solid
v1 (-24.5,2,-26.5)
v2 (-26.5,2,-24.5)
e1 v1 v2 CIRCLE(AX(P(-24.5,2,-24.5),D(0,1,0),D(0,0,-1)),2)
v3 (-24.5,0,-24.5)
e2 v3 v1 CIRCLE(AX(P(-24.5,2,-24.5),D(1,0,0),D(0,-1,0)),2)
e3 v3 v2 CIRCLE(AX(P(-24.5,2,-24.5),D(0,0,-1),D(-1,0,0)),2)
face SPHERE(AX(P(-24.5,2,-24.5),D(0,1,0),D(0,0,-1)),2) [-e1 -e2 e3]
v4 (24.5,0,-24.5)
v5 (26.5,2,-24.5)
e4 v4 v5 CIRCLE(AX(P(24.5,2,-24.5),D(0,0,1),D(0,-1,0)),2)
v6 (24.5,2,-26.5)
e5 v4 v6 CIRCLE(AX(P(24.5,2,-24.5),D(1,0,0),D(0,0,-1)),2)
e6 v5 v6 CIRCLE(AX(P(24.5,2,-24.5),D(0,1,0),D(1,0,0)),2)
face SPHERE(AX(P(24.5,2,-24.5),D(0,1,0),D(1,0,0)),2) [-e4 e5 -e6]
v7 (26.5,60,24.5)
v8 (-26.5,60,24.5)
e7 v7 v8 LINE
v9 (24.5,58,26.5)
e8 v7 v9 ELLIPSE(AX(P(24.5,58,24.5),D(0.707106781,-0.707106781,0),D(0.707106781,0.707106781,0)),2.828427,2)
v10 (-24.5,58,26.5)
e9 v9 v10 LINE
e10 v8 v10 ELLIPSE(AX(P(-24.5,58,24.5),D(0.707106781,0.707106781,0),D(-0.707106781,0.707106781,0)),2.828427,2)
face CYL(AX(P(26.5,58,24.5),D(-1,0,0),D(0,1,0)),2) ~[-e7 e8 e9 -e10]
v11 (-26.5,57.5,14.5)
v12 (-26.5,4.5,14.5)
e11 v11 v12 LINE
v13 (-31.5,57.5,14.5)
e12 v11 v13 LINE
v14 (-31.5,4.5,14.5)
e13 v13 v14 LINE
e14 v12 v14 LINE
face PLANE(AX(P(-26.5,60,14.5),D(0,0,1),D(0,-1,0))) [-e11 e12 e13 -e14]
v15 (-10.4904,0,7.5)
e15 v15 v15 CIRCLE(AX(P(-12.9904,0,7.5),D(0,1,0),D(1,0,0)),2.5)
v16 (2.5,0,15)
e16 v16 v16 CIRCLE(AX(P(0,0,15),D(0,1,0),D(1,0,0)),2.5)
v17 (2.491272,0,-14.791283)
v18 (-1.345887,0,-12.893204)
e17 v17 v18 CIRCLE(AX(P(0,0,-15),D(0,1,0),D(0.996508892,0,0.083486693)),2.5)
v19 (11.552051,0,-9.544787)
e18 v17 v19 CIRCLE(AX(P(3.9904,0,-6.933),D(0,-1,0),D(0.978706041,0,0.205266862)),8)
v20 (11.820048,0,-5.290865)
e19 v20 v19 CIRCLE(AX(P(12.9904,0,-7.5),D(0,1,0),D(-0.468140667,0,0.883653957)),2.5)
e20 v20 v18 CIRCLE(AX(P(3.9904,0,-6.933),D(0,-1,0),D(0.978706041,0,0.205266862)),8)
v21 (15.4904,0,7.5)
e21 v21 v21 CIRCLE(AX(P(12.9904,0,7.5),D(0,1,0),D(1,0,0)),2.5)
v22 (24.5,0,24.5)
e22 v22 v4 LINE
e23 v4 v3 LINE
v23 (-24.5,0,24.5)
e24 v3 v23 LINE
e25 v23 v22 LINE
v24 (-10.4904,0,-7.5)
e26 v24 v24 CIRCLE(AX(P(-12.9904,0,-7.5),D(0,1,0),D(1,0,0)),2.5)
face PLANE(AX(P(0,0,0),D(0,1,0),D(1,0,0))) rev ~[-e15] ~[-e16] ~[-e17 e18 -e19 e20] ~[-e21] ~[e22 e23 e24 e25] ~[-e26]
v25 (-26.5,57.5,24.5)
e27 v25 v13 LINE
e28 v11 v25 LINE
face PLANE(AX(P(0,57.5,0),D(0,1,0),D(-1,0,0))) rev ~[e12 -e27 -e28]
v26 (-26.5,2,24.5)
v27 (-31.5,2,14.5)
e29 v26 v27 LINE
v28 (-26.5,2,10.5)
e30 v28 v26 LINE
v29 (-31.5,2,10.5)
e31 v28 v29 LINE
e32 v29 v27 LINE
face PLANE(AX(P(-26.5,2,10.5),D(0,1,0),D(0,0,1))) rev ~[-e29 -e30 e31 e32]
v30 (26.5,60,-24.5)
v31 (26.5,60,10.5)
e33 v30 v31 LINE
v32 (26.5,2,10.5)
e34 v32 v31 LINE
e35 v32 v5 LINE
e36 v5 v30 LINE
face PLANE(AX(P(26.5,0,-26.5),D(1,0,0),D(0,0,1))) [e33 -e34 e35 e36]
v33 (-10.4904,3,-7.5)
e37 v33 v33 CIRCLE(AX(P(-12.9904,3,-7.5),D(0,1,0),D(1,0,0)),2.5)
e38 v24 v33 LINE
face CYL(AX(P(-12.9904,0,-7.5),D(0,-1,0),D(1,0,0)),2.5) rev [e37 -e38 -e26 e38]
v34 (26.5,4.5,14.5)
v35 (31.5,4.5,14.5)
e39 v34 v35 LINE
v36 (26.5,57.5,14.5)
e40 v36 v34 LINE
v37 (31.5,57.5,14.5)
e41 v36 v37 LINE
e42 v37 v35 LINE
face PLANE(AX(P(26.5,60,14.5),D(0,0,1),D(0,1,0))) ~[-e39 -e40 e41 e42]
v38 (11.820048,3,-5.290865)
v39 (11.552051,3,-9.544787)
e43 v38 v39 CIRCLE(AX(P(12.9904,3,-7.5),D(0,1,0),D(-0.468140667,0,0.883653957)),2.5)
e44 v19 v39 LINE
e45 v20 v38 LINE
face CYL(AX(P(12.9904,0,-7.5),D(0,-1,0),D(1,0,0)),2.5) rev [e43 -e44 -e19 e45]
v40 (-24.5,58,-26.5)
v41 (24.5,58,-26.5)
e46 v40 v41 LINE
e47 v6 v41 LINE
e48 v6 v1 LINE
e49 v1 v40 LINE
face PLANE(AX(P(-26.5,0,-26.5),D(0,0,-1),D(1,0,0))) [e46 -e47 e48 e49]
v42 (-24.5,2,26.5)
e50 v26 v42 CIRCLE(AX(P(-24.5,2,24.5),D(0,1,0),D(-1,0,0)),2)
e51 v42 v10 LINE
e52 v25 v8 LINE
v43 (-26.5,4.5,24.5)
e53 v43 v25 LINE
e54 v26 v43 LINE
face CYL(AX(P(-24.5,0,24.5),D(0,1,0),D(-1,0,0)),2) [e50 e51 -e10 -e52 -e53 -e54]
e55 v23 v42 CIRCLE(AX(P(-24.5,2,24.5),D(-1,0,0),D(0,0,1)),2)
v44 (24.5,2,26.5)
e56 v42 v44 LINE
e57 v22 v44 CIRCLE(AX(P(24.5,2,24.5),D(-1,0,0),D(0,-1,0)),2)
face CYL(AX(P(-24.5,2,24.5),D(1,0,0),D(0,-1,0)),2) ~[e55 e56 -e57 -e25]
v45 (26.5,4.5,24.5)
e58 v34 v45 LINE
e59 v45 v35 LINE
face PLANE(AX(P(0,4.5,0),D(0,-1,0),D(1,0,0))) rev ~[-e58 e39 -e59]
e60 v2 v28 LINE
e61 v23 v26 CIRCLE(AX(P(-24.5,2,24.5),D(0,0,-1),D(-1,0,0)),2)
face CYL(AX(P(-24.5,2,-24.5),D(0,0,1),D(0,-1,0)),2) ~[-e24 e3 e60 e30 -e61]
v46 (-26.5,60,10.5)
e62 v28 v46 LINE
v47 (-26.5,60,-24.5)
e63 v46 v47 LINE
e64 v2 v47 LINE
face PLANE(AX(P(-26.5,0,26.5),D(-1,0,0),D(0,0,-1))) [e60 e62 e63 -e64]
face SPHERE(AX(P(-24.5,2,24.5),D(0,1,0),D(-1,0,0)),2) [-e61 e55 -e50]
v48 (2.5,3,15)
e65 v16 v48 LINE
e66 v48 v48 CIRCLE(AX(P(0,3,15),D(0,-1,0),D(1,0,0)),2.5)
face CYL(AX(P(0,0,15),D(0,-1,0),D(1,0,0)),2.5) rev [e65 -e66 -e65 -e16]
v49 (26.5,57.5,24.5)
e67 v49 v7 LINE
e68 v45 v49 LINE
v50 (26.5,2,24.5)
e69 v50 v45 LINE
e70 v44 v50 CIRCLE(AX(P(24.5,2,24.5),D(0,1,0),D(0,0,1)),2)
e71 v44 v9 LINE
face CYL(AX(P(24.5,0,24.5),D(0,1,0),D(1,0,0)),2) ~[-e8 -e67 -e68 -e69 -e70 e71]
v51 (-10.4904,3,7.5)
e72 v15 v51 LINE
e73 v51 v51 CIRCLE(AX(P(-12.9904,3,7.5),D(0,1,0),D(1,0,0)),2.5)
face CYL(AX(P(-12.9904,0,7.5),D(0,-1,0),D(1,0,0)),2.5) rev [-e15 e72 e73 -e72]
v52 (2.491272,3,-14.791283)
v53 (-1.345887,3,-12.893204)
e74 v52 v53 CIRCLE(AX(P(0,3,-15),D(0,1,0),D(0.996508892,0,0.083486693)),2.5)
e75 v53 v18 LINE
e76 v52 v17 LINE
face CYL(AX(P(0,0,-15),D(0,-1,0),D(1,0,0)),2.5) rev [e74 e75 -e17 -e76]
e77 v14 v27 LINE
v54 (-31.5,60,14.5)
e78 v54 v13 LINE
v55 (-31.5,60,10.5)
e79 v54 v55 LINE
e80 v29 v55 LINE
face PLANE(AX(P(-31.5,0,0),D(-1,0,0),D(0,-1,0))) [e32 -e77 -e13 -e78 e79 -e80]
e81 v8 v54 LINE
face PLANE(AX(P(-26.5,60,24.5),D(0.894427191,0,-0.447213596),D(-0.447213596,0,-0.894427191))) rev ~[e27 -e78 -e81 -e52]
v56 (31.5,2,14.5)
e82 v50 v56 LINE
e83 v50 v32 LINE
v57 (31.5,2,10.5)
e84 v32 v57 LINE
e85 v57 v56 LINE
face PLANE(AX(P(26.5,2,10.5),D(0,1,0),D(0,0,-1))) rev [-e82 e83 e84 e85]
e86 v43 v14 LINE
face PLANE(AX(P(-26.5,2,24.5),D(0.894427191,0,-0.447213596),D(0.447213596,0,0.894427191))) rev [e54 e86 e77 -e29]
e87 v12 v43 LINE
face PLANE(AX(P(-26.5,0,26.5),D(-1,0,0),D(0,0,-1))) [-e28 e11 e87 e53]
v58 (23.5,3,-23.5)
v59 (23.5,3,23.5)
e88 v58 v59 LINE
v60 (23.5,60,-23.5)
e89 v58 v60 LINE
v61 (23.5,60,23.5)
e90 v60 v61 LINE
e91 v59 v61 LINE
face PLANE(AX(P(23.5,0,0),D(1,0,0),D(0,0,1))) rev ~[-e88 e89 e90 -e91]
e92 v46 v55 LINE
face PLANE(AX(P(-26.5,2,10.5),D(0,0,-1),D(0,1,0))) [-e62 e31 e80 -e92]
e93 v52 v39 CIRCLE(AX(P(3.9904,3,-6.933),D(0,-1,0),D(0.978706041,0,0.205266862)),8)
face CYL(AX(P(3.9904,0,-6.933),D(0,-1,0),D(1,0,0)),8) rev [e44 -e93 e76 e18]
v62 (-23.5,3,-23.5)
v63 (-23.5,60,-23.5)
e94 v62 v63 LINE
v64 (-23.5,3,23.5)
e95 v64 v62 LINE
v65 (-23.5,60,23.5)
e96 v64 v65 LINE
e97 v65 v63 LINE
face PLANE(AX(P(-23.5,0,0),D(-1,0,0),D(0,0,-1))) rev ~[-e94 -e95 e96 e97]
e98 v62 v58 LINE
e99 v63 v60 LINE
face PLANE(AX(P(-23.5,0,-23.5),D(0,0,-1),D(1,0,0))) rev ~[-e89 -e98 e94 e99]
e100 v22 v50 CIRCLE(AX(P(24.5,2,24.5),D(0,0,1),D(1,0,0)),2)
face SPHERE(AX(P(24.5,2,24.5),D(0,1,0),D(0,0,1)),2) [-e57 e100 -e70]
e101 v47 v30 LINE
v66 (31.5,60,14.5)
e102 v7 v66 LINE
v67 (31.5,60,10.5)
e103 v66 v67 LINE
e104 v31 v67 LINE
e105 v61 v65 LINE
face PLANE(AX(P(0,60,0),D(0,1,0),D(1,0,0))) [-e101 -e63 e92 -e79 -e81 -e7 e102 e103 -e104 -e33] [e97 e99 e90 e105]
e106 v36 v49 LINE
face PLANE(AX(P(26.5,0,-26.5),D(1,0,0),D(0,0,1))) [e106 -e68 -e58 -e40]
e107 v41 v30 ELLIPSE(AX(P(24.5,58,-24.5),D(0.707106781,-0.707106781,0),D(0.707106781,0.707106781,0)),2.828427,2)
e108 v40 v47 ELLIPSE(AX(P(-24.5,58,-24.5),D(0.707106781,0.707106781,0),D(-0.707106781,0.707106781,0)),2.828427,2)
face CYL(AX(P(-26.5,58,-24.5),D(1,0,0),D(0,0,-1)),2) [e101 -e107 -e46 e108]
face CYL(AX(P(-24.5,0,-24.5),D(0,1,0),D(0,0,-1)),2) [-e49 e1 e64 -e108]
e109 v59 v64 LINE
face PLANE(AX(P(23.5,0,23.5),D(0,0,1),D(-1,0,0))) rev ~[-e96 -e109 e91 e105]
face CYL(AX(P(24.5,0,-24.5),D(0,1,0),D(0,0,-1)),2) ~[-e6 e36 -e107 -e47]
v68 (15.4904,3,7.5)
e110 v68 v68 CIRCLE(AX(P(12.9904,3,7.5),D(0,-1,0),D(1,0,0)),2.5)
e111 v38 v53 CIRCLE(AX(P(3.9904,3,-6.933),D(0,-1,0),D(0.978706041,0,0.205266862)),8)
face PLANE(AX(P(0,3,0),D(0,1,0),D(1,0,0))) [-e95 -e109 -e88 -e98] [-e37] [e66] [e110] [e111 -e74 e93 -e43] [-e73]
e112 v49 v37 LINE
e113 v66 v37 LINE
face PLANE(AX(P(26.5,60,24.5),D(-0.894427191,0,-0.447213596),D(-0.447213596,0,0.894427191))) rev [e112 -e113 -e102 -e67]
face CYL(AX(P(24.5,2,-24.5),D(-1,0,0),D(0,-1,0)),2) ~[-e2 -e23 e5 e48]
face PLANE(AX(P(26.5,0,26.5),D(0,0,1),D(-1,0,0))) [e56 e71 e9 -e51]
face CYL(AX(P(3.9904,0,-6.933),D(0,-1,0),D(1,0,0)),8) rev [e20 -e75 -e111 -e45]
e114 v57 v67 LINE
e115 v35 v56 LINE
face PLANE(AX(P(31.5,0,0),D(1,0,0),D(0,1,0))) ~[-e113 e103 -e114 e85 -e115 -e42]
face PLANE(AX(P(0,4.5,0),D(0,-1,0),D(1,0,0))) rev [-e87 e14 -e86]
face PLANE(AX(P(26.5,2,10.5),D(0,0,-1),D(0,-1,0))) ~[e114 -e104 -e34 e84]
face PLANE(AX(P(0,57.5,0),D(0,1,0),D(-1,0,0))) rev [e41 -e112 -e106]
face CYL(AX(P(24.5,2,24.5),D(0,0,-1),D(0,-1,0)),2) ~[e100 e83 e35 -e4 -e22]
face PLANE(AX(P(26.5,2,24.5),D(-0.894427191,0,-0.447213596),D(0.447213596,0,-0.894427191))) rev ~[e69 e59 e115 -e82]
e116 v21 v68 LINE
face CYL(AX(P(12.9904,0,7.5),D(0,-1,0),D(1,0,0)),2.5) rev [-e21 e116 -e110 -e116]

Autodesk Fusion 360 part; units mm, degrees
sketch "Base" plane through (0, 0, 0) normal (0, 0, 1) x (1, 0, 0) in component "UltrasonicSensorSuport"
  line L0 (18, 10.5) -> (-18, 10.5)
  line L1 (-18, 10.5) -> (-18, -10.5)
  line L2 (-18, -10.5) -> (18, -10.5)
  line L3 (18, -10.5) -> (18, 10.5)
  line L4 (18, 10.5) -> (-18, -10.5) construction
  line L5 (-18, 10.5) -> (18, -10.5) construction
  line L6 (-20, 12.5) -> (-20, -12.5)
  line L7 (-20, -12.5) -> (20, -12.5)
  line L8 (20, -12.5) -> (20, 12.5)
  line L9 (20, 12.5) -> (-20, 12.5)
  line L10 (-24, -16.5) -> (24, -16.5)
  line L11 (24, -16.5) -> (24, 16.5)
  line L12 (24, 16.5) -> (-24, 16.5)
  line L13 (-24, 16.5) -> (-24, -16.5)
  circle A0 centre (-16.4, 8.9) radius 1.55
  line L14 (0, 0) -> (-18, 0) construction
  line L15 (0, 0) -> (0, 10.5) construction
  circle A1 centre (-16.4, -8.9) radius 1.55
  circle A2 centre (16.4, 8.9) radius 1.55
  circle A3 centre (16.4, -8.9) radius 1.55
  line L16 (0, 10.5) -> (0, 12.5) construction
  line L17 (0, 12.5) -> (-5.5, 12.5) construction
  line L18 (-5.5, 7.5) -> (5.5, 7.5)
  line L19 (5.5, 7.5) -> (5.5, 19.5)
  line L20 (-5.5, 7.5) -> (-5.5, 19.5)
  line L21 (-5.5, 19.5) -> (5.5, 19.5)
  line L22 (0, 7.5) -> (0, 0) construction
  line L23 (5.5, 7.5) -> (8.5, 7.5) construction
  line L24 (8.5, 7.5) -> (8.5, 10.5) construction
  point P0 (0, 10.5)
  dimension "d8" = 36
  dimension "d9" = 21
  dimension "d12" = 2
  dimension "d13" = 6
  dimension "d46" = 3.1
  dimension "d47" = 1.6
  dimension "d48" = 1.6
  dimension "d52" = 11
  dimension "d53" = 12
  dimension "d54" = 3
  dimension "d55" = 3
extrude "Extrude1" add sketch "Base" along normal blind 3 contours L0 L1 L2 L3 L18 L19 L20 | L0 L1 L2 L3 L6 L7 L8 L9 L19 L20 | L0 L18 L19 L20 | L0 L9 L19 L20 | L6 L7 L8 L9 L10 L11 L12 L13 L19 L20 | L9 L12 L19 L20 | A0 | A1 | A2 | A3 makes body 1 in component "UltrasonicSensorSuport"
sketch "BaseExtension" plane through (0, 0, 3) normal (0, 0, 1) x (-1, 0, 0) in component "UltrasonicSensorSuport"
  line L0 (24, -16.5) -> (24, 16.5)
  line L1 (24, 16.5) -> (-24, 16.5)
  line L2 (-24, 16.5) -> (-24, -16.5)
  line L3 (-24, -16.5) -> (24, -16.5)
  line L4 (20, 12.5) -> (-20, 12.5)
  line L5 (-20, 12.5) -> (-20, -12.5)
  line L6 (-20, -12.5) -> (20, -12.5)
  line L7 (20, -12.5) -> (20, 12.5)
  circle A0 centre (-20.35, 12.85) radius 1.55
  circle A1 centre (20.35, -12.85) radius 1.55
  point P0 (-24, -16.5)
  point P1 (24, -16.5)
  point P2 (24, 16.5)
  point P3 (-24, 16.5)
  dimension "d16" = -4
  dimension "d19" = 3.1
  dimension "d20" = 3.1
  dimension "d21" = 3.65
  dimension "d22" = 3.65
  dimension "d23" = 3.65
  dimension "d24" = 3.65
extrude "Extrude2" add sketch "BaseExtension" along normal blind 6.5 separate body contours L4 L5 L6 L7 A0 A1 | L4 L5 A0 | L6 L7 A1 picked at (-19.557, 11.9554) picked at (20.9471, -13.4767) makes body 2 at (7.0018, 4.0327, 3) in component "UltrasonicSensorSuport"
shell "Shell1" thickness 2 removed faces 1 at (-8, 5.5, 0) on bodies 1 in component "UltrasonicSensorSuport"
sketch "TransducerHoles" plane through (0, 0, 9.5) normal (0, 0, 1) x (-1, 0, 0) in component "UltrasonicSensorSuport"
  line L0 (20, -12.5) -> (20, 12.5)
  line L1 (20, 12.5) -> (-20, 12.5)
  line L2 (-20, 12.5) -> (-20, -12.5)
  line L3 (-20, -12.5) -> (20, -12.5)
  circle A0 centre (-9.5, 0) radius 9
  circle A1 centre (9.5, 0) radius 9
  line L4 (20, -12.5) -> (20, 12.5)
  line L5 (-20, 12.5) -> (-20, -12.5)
  line L6 (20, 0) -> (-20, 0) construction
  line L7 (24, -16.5) -> (24, 16.5)
  line L8 (-24, -16.5) -> (24, -16.5)
  line L9 (24, 16.5) -> (-24, 16.5)
  line L10 (-24, 16.5) -> (-24, -16.5)
  line L11 (-20, -12.5) -> (20, -12.5)
  line L12 (20, 12.5) -> (-20, 12.5)
  line L13 (0, -12.5) -> (0, 12.5) construction
  line L14 (9.5, 0) -> (0, 0) construction
  line L15 (0, 0) -> (-9.5, 0) construction
  line L16 (9.5, -9) -> (-9.5, -9)
  line L17 (9.5, 9) -> (-9.5, 9)
  dimension "d33" = 18
  dimension "d34" = 18
  dimension "d35" = 19
extrude "Extrude7" cut sketch "TransducerHoles" against normal up to surface (9.5 mm away) contours A0 | A0 A1 L16 L17 | A1 bodies 1 2 in component "UltrasonicSensorSuport"
extrude "Extrude8" add 1 faces at (-3.1667, 14, 3) along direction (0, 0, 1) blind 2 on bodies 1 bodies 1 2 in component "UltrasonicSensorSuport"
extrude "Extrude9" cut sketch "Base" along normal up to surface (9.5 mm away) contours A0 | A3 bodies 1 in component "UltrasonicSensorSuport"
extrude "Extrude11" add 1 faces at (7.3333, -15.8333, 0) along direction (0, 0, -1) blind 21 on bodies 1 bodies 1 in component "UltrasonicSensorSuport"
extrude "Extrude10" cut sketch "Base" along normal blind 2 contours L0 L18 L19 L20 | L0 L9 L19 L20 | L9 L12 L19 L20 | L12 L19 L20 L21 bodies 1 in component "UltrasonicSensorSuport"
extrude "Extrude14" cut 1 faces at (-1.8333, 15.1667, 0) along direction (0, 0, -1) up to surface (21 mm away) on bodies 1 bodies 1 in component "UltrasonicSensorSuport"
extrude "Extrude16" cut 1 faces at (-5.5, 15.8333, -6) along direction (-1, 0, 0) blind 2 on bodies 1 bodies 1 in component "UltrasonicSensorSuport"
extrude "Extrude17" cut 1 faces at (5.5, 15.8333, -6) along direction (1, 0, 0) blind 2 on bodies 1 bodies 1 in component "UltrasonicSensorSuport"
sketch "MountingScrewHole" plane through (24, 0, 0) normal (1, 0, 0) x (0, 1, 0) in component "UltrasonicSensorSuport"
  line L0 (16.5, -21) -> (16.5, 5)
  line L1 (16.5, 5) -> (-16.5, 5)
  line L2 (-16.5, 5) -> (-16.5, -21)
  line L3 (16.5, 5) -> (-16.5, -21) construction
  line L4 (16.5, -21) -> (-16.5, 5) construction
  circle A0 centre (0, -8) radius 1.55
  line L5 (-16.5, -21) -> (16.5, -21)
  point P0 (0, -8)
  dimension "d63" = 3.1
extrude "Extrude13" cut sketch "MountingScrewHole" against normal up to surface (2 mm away) contours A0 bodies 1 in component "UltrasonicSensorSuport"
ref_plane "WorkPlane1" through (0, 0, -8) normal (1, 0, 0) x (0, 1, 0) in component "UltrasonicSensorSuport"
mirror "Mirror1" about plane through (0, 0, -8) normal (1, 0, 0) of "Extrude13" in component "UltrasonicSensorSuport"
pattern_linear "00000000-0000-0000-0000-000000000000" [suppressed]
component "UltrasonicSensorSuport" placed x (1, 0, 0) y (0, 1, 0) z (0, 0, 1) at (0, 0, 0)
equation "M3 = 3 mm"
equation "Length = 3.6 cm"
equation "Width = 2.1 cm"
equation "Height = 1 mm"
equation "TransducerHeight = 1.3 cm"
equation "TransducerDiameter = 1.6 cm"
equation "TransducersCenterDistance = 3.5 cm - TransducerDiameter"
equation "d8 = Length"
equation "d9 = Width"
equation "PrintMargin = 2 mm"
equation "BaseThickness = 3 mm"
equation "d12 = PrintMargin"
equation "d13 = PrintMargin + BaseThickness + 1 mm"
equation "d14 = BaseThickness"
equation "d16 = -PrintMargin - 2 mm"
equation "d17 = TransducerHeight / 2"
equation "d19 = M3 + 0.1 mm"
equation "d20 = d19"
equation "d21 = M3 / 2 + 0.15 mm + 2 mm"
equation "d22 = M3 / 2 + 0.15 mm + 2 mm"
equation "d23 = d22"
equation "d24 = d21"
equation "d33 = TransducerDiameter + PrintMargin"
equation "d34 = d33"
equation "d35 = TransducersCenterDistance"
equation "d37 = PrintMargin"
equation "d40 = PrintMargin"
equation "d46 = M3 + 0.1 mm"
equation "d47 = 0.1 mm + M3 / 2"
equation "d48 = d47"
equation "d63 = M3 + 0.1 mm"

Autodesk Fusion 360 part; units mm, degrees
sketch "Front" plane through (0, 0, 0) normal (0, 1, 0) x (1, 0, 0)
  line L0 (23.5, -23.5) -> (-23.5, -23.5)
  line L1 (-23.5, -23.5) -> (-23.5, 23.5)
  line L2 (-23.5, 23.5) -> (23.5, 23.5)
  line L3 (23.5, 23.5) -> (23.5, -23.5)
  line L4 (23.5, -23.5) -> (-23.5, 23.5) construction
  line L5 (-23.5, -23.5) -> (23.5, 23.5) construction
  line L6 (-26.5, 26.5) -> (26.5, 26.5)
  line L7 (26.5, 26.5) -> (26.5, -26.5)
  line L8 (26.5, -26.5) -> (-26.5, -26.5)
  line L9 (-26.5, -26.5) -> (-26.5, 26.5)
  circle A0 centre (3.9904, -6.933) radius 8
  circle A1 centre (0, -15) radius 2.5
  circle A2 centre (12.9904, -7.5) radius 2.5
  circle A3 centre (12.9904, 7.5) radius 2.5
  circle A4 centre (0, 15) radius 2.5
  circle A5 centre (-12.9904, 7.5) radius 2.5
  circle A6 centre (-12.9904, -7.5) radius 2.5
  line L10 (0, 0) -> (0, -23.5) construction
  line L11 (-23.5, 0) -> (23.5, 0)
  circle A7 centre (3.9904, 6.933) radius 8
  dimension "d13" = 47
  dimension "d14" = 47
  dimension "d23" = 16
  dimension "d26" = 5
  dimension "d27" = 15
  dimension "d29" = 360
  dimension "d53" = 9
  dimension "d54" = 9
extrude "Extrude4" add sketch "Front" along normal blind 3 contours L0 L1 L3 A0 A1 A2 L11 | L1 L2 L3 A3 A4 L11 A7 | A0 L11 | L11 A7 | A0 A1 A2 A7 | A0 A3 A4 A7 | A0 A2 | A0 A2 | A3 A7 | A3 A7 | A0 A1 | A0 A1 | A4 A7 | A4 A7 | A5 | A6 makes body 1
extrude "Extrude5" add sketch "Front" along normal blind 60 contours L6 L7 L8 L9 bodies 1
extrude "Extrude6" cut sketch "Front" along normal up to surface (3 mm away) contours A0 L11 | L11 A7 | A0 A3 A4 A7 | A3 A7 | A4 A7 picked at (13.1407, 7.417) picked at (0.1211, 13.399) bodies 1
extrude "Extrude7" cut sketch "Front" along normal up to surface (3 mm away) contours A0 A2 | A0 A2 | A3 A7 | A3 A7 | A0 A1 | A0 A1 | A4 A7 | A4 A7 | A5 | A6 bodies 1
sketch "BottomHole" plane through (0, 0, -26.5) normal (0, 0, -1) x (1, 0, 0)
  line L0 (26.5, 0) -> (-26.5, 0)
  line L1 (-26.5, 0) -> (-26.5, -60)
  line L2 (-26.5, -60) -> (26.5, -60)
  line L3 (26.5, -60) -> (26.5, 0)
  line L4 (-23.5, -3) -> (23.5, -3)
  line L5 (23.5, -3) -> (23.5, -60)
  line L6 (23.5, -60) -> (-23.5, -60)
  line L7 (-23.5, -60) -> (-23.5, -3)
  line L8 (23.5, -3) -> (23.5, -33)
  line L9 (23.5, -33) -> (0, -25.5905)
  line L10 (0, -25.5905) -> (-23.5, -33)
  line L11 (-23.5, -33) -> (23.5, -33)
  line L12 (16.4289, -3) -> (23.5, -10.0711)
  line L13 (0, -3) -> (0, -25.5905)
  line L14 (-16.4289, -3) -> (-23.5, -10.0711)
  dimension "d55" = 30
  dimension "d57" = 145
  dimension "d60" = 45
  dimension "d61" = 5
fillet "Fillet1" radius 2 6 edges at (26.5, 30, 26.5) (-26.5, 30, 26.5) (-26.5, 30, -26.5) (26.5, 30, -26.5) (0, 60, -26.5) (0, 60, 26.5) on bodies 1
fillet "Fillet2" radius 2 8 edges at (-25.9142, 0, 25.9142) (-26.5, 0, 0) (-25.9142, 0, -25.9142) (0, 0, -26.5) (25.9142, 0, -25.9142) (26.5, 0, 0) (25.9142, 0, 25.9142) (0, 0, 26.5) on bodies 1
sketch "Mounting" plane through (-26.5, 0, 0) normal (-1, 0, 0) x (0, -1, 0)
  line L0 (-2, -24.5) -> (-2, 24.5)
  line L1 (-2, 24.5) -> (-60, 24.5)
  line L2 (-60, 24.5) -> (-60, -24.5)
  line L3 (-60, -24.5) -> (-2, -24.5)
  line L4 (-60, 14.5) -> (-2, 14.5)
  line L5 (-2, 14.5) -> (-2, 10.5)
  line L6 (-2, 10.5) -> (-60, 10.5)
  line L7 (-60, 14.5) -> (-60, 10.5)
  dimension "d36" = 4
  dimension "d37" = 10
extrude "Extrude8" add sketch "Mounting" along normal blind 5 separate body contours L0 L2 L4 L5 L6 L7 makes body 2
sketch "ScrewHoles" plane through (0, 0, 14.5) normal (0, 0, 1) x (-1, 0, 0)
  line L0 (26.5, -60) -> (31.5, -60)
  line L1 (31.5, -60) -> (31.5, -2)
  line L2 (31.5, -2) -> (26.5, -2)
  line L3 (26.5, -2) -> (24.5, -2)
  line L4 (24.5, -2) -> (24.5, -58)
  line L5 (26.5, -60) -> (24.5, -58)
  line L6 (26.5, -60) -> (26.5, -2)
  circle A0 centre (29, -51) radius 1.6
  circle A1 centre (29, -31) radius 1.6
  circle A2 centre (29, -11) radius 1.6
  line L7 (26.5, -60) -> (31.5, -2) construction
  line L8 (31.5, -60) -> (26.5, -2) construction
  line L9 (26.5, -2) -> (26.5, -60)
  dimension "d40" = 3.2
  dimension "d43" = 0
  dimension "d44" = 20
extrude "Extrude9" cut sketch "ScrewHoles" against normal up to surface (4 mm away) contours A0 | A1 | A2 bodies 1
sketch "Sketch5" plane through (0, 60, 0) normal (0, 1, 0) x (-1, 0, 0)
  line L0 (23.5, -23.5) -> (-23.5, -23.5)
  line L1 (-23.5, -23.5) -> (-23.5, 23.5)
  line L2 (-23.5, 23.5) -> (23.5, 23.5)
  line L3 (23.5, 23.5) -> (23.5, -23.5)
  line L4 (-26.5, -24.5) -> (26.5, -24.5)
  line L5 (26.5, -24.5) -> (26.5, 24.5)
  line L6 (26.5, 24.5) -> (-26.5, 24.5)
  line L7 (-26.5, 24.5) -> (-26.5, -24.5)
  line L8 (26.5, 14.5) -> (31.5, 14.5)
  line L9 (26.5, -24.5) -> (26.5, 24.5)
  line L10 (26.5, 24.5) -> (31.5, 14.5)
extrude "Extrude10" add sketch "Sketch5" against normal blind 2.5 separate body contours L5 L8 L9 L10 makes body 3
ref_plane "WorkPlane1" through (-29, 31, 12.5) normal (0, 1, 0) x (0, 0, -1)
mirror "Mirror1" about plane through (-29, 31, 12.5) normal (0, 1, 0) of bodies 3 makes body 4
combine "Combine1" operation add target body 2 tool bodies 3 4
mirror "Mirror2" about plane through (0, 0, 0) normal (1, 0, 0) of bodies 2 makes body 5
combine "Combine2" operation add target body 1 tool bodies 5 2
equation "Diameter = 37 mm"
equation "Length = 50 mm"
equation "ShaftDiameter = 6 mm"
equation "ShaftLength = 15 mm"
equation "PrintThickness = 3 mm"
equation "d13 = Diameter + 10 mm"
equation "d14 = d13"
equation "d19 = PrintThickness"
equation "d21 = Length + 10 mm"
equation "d23 = ShaftDiameter + 10 mm"
